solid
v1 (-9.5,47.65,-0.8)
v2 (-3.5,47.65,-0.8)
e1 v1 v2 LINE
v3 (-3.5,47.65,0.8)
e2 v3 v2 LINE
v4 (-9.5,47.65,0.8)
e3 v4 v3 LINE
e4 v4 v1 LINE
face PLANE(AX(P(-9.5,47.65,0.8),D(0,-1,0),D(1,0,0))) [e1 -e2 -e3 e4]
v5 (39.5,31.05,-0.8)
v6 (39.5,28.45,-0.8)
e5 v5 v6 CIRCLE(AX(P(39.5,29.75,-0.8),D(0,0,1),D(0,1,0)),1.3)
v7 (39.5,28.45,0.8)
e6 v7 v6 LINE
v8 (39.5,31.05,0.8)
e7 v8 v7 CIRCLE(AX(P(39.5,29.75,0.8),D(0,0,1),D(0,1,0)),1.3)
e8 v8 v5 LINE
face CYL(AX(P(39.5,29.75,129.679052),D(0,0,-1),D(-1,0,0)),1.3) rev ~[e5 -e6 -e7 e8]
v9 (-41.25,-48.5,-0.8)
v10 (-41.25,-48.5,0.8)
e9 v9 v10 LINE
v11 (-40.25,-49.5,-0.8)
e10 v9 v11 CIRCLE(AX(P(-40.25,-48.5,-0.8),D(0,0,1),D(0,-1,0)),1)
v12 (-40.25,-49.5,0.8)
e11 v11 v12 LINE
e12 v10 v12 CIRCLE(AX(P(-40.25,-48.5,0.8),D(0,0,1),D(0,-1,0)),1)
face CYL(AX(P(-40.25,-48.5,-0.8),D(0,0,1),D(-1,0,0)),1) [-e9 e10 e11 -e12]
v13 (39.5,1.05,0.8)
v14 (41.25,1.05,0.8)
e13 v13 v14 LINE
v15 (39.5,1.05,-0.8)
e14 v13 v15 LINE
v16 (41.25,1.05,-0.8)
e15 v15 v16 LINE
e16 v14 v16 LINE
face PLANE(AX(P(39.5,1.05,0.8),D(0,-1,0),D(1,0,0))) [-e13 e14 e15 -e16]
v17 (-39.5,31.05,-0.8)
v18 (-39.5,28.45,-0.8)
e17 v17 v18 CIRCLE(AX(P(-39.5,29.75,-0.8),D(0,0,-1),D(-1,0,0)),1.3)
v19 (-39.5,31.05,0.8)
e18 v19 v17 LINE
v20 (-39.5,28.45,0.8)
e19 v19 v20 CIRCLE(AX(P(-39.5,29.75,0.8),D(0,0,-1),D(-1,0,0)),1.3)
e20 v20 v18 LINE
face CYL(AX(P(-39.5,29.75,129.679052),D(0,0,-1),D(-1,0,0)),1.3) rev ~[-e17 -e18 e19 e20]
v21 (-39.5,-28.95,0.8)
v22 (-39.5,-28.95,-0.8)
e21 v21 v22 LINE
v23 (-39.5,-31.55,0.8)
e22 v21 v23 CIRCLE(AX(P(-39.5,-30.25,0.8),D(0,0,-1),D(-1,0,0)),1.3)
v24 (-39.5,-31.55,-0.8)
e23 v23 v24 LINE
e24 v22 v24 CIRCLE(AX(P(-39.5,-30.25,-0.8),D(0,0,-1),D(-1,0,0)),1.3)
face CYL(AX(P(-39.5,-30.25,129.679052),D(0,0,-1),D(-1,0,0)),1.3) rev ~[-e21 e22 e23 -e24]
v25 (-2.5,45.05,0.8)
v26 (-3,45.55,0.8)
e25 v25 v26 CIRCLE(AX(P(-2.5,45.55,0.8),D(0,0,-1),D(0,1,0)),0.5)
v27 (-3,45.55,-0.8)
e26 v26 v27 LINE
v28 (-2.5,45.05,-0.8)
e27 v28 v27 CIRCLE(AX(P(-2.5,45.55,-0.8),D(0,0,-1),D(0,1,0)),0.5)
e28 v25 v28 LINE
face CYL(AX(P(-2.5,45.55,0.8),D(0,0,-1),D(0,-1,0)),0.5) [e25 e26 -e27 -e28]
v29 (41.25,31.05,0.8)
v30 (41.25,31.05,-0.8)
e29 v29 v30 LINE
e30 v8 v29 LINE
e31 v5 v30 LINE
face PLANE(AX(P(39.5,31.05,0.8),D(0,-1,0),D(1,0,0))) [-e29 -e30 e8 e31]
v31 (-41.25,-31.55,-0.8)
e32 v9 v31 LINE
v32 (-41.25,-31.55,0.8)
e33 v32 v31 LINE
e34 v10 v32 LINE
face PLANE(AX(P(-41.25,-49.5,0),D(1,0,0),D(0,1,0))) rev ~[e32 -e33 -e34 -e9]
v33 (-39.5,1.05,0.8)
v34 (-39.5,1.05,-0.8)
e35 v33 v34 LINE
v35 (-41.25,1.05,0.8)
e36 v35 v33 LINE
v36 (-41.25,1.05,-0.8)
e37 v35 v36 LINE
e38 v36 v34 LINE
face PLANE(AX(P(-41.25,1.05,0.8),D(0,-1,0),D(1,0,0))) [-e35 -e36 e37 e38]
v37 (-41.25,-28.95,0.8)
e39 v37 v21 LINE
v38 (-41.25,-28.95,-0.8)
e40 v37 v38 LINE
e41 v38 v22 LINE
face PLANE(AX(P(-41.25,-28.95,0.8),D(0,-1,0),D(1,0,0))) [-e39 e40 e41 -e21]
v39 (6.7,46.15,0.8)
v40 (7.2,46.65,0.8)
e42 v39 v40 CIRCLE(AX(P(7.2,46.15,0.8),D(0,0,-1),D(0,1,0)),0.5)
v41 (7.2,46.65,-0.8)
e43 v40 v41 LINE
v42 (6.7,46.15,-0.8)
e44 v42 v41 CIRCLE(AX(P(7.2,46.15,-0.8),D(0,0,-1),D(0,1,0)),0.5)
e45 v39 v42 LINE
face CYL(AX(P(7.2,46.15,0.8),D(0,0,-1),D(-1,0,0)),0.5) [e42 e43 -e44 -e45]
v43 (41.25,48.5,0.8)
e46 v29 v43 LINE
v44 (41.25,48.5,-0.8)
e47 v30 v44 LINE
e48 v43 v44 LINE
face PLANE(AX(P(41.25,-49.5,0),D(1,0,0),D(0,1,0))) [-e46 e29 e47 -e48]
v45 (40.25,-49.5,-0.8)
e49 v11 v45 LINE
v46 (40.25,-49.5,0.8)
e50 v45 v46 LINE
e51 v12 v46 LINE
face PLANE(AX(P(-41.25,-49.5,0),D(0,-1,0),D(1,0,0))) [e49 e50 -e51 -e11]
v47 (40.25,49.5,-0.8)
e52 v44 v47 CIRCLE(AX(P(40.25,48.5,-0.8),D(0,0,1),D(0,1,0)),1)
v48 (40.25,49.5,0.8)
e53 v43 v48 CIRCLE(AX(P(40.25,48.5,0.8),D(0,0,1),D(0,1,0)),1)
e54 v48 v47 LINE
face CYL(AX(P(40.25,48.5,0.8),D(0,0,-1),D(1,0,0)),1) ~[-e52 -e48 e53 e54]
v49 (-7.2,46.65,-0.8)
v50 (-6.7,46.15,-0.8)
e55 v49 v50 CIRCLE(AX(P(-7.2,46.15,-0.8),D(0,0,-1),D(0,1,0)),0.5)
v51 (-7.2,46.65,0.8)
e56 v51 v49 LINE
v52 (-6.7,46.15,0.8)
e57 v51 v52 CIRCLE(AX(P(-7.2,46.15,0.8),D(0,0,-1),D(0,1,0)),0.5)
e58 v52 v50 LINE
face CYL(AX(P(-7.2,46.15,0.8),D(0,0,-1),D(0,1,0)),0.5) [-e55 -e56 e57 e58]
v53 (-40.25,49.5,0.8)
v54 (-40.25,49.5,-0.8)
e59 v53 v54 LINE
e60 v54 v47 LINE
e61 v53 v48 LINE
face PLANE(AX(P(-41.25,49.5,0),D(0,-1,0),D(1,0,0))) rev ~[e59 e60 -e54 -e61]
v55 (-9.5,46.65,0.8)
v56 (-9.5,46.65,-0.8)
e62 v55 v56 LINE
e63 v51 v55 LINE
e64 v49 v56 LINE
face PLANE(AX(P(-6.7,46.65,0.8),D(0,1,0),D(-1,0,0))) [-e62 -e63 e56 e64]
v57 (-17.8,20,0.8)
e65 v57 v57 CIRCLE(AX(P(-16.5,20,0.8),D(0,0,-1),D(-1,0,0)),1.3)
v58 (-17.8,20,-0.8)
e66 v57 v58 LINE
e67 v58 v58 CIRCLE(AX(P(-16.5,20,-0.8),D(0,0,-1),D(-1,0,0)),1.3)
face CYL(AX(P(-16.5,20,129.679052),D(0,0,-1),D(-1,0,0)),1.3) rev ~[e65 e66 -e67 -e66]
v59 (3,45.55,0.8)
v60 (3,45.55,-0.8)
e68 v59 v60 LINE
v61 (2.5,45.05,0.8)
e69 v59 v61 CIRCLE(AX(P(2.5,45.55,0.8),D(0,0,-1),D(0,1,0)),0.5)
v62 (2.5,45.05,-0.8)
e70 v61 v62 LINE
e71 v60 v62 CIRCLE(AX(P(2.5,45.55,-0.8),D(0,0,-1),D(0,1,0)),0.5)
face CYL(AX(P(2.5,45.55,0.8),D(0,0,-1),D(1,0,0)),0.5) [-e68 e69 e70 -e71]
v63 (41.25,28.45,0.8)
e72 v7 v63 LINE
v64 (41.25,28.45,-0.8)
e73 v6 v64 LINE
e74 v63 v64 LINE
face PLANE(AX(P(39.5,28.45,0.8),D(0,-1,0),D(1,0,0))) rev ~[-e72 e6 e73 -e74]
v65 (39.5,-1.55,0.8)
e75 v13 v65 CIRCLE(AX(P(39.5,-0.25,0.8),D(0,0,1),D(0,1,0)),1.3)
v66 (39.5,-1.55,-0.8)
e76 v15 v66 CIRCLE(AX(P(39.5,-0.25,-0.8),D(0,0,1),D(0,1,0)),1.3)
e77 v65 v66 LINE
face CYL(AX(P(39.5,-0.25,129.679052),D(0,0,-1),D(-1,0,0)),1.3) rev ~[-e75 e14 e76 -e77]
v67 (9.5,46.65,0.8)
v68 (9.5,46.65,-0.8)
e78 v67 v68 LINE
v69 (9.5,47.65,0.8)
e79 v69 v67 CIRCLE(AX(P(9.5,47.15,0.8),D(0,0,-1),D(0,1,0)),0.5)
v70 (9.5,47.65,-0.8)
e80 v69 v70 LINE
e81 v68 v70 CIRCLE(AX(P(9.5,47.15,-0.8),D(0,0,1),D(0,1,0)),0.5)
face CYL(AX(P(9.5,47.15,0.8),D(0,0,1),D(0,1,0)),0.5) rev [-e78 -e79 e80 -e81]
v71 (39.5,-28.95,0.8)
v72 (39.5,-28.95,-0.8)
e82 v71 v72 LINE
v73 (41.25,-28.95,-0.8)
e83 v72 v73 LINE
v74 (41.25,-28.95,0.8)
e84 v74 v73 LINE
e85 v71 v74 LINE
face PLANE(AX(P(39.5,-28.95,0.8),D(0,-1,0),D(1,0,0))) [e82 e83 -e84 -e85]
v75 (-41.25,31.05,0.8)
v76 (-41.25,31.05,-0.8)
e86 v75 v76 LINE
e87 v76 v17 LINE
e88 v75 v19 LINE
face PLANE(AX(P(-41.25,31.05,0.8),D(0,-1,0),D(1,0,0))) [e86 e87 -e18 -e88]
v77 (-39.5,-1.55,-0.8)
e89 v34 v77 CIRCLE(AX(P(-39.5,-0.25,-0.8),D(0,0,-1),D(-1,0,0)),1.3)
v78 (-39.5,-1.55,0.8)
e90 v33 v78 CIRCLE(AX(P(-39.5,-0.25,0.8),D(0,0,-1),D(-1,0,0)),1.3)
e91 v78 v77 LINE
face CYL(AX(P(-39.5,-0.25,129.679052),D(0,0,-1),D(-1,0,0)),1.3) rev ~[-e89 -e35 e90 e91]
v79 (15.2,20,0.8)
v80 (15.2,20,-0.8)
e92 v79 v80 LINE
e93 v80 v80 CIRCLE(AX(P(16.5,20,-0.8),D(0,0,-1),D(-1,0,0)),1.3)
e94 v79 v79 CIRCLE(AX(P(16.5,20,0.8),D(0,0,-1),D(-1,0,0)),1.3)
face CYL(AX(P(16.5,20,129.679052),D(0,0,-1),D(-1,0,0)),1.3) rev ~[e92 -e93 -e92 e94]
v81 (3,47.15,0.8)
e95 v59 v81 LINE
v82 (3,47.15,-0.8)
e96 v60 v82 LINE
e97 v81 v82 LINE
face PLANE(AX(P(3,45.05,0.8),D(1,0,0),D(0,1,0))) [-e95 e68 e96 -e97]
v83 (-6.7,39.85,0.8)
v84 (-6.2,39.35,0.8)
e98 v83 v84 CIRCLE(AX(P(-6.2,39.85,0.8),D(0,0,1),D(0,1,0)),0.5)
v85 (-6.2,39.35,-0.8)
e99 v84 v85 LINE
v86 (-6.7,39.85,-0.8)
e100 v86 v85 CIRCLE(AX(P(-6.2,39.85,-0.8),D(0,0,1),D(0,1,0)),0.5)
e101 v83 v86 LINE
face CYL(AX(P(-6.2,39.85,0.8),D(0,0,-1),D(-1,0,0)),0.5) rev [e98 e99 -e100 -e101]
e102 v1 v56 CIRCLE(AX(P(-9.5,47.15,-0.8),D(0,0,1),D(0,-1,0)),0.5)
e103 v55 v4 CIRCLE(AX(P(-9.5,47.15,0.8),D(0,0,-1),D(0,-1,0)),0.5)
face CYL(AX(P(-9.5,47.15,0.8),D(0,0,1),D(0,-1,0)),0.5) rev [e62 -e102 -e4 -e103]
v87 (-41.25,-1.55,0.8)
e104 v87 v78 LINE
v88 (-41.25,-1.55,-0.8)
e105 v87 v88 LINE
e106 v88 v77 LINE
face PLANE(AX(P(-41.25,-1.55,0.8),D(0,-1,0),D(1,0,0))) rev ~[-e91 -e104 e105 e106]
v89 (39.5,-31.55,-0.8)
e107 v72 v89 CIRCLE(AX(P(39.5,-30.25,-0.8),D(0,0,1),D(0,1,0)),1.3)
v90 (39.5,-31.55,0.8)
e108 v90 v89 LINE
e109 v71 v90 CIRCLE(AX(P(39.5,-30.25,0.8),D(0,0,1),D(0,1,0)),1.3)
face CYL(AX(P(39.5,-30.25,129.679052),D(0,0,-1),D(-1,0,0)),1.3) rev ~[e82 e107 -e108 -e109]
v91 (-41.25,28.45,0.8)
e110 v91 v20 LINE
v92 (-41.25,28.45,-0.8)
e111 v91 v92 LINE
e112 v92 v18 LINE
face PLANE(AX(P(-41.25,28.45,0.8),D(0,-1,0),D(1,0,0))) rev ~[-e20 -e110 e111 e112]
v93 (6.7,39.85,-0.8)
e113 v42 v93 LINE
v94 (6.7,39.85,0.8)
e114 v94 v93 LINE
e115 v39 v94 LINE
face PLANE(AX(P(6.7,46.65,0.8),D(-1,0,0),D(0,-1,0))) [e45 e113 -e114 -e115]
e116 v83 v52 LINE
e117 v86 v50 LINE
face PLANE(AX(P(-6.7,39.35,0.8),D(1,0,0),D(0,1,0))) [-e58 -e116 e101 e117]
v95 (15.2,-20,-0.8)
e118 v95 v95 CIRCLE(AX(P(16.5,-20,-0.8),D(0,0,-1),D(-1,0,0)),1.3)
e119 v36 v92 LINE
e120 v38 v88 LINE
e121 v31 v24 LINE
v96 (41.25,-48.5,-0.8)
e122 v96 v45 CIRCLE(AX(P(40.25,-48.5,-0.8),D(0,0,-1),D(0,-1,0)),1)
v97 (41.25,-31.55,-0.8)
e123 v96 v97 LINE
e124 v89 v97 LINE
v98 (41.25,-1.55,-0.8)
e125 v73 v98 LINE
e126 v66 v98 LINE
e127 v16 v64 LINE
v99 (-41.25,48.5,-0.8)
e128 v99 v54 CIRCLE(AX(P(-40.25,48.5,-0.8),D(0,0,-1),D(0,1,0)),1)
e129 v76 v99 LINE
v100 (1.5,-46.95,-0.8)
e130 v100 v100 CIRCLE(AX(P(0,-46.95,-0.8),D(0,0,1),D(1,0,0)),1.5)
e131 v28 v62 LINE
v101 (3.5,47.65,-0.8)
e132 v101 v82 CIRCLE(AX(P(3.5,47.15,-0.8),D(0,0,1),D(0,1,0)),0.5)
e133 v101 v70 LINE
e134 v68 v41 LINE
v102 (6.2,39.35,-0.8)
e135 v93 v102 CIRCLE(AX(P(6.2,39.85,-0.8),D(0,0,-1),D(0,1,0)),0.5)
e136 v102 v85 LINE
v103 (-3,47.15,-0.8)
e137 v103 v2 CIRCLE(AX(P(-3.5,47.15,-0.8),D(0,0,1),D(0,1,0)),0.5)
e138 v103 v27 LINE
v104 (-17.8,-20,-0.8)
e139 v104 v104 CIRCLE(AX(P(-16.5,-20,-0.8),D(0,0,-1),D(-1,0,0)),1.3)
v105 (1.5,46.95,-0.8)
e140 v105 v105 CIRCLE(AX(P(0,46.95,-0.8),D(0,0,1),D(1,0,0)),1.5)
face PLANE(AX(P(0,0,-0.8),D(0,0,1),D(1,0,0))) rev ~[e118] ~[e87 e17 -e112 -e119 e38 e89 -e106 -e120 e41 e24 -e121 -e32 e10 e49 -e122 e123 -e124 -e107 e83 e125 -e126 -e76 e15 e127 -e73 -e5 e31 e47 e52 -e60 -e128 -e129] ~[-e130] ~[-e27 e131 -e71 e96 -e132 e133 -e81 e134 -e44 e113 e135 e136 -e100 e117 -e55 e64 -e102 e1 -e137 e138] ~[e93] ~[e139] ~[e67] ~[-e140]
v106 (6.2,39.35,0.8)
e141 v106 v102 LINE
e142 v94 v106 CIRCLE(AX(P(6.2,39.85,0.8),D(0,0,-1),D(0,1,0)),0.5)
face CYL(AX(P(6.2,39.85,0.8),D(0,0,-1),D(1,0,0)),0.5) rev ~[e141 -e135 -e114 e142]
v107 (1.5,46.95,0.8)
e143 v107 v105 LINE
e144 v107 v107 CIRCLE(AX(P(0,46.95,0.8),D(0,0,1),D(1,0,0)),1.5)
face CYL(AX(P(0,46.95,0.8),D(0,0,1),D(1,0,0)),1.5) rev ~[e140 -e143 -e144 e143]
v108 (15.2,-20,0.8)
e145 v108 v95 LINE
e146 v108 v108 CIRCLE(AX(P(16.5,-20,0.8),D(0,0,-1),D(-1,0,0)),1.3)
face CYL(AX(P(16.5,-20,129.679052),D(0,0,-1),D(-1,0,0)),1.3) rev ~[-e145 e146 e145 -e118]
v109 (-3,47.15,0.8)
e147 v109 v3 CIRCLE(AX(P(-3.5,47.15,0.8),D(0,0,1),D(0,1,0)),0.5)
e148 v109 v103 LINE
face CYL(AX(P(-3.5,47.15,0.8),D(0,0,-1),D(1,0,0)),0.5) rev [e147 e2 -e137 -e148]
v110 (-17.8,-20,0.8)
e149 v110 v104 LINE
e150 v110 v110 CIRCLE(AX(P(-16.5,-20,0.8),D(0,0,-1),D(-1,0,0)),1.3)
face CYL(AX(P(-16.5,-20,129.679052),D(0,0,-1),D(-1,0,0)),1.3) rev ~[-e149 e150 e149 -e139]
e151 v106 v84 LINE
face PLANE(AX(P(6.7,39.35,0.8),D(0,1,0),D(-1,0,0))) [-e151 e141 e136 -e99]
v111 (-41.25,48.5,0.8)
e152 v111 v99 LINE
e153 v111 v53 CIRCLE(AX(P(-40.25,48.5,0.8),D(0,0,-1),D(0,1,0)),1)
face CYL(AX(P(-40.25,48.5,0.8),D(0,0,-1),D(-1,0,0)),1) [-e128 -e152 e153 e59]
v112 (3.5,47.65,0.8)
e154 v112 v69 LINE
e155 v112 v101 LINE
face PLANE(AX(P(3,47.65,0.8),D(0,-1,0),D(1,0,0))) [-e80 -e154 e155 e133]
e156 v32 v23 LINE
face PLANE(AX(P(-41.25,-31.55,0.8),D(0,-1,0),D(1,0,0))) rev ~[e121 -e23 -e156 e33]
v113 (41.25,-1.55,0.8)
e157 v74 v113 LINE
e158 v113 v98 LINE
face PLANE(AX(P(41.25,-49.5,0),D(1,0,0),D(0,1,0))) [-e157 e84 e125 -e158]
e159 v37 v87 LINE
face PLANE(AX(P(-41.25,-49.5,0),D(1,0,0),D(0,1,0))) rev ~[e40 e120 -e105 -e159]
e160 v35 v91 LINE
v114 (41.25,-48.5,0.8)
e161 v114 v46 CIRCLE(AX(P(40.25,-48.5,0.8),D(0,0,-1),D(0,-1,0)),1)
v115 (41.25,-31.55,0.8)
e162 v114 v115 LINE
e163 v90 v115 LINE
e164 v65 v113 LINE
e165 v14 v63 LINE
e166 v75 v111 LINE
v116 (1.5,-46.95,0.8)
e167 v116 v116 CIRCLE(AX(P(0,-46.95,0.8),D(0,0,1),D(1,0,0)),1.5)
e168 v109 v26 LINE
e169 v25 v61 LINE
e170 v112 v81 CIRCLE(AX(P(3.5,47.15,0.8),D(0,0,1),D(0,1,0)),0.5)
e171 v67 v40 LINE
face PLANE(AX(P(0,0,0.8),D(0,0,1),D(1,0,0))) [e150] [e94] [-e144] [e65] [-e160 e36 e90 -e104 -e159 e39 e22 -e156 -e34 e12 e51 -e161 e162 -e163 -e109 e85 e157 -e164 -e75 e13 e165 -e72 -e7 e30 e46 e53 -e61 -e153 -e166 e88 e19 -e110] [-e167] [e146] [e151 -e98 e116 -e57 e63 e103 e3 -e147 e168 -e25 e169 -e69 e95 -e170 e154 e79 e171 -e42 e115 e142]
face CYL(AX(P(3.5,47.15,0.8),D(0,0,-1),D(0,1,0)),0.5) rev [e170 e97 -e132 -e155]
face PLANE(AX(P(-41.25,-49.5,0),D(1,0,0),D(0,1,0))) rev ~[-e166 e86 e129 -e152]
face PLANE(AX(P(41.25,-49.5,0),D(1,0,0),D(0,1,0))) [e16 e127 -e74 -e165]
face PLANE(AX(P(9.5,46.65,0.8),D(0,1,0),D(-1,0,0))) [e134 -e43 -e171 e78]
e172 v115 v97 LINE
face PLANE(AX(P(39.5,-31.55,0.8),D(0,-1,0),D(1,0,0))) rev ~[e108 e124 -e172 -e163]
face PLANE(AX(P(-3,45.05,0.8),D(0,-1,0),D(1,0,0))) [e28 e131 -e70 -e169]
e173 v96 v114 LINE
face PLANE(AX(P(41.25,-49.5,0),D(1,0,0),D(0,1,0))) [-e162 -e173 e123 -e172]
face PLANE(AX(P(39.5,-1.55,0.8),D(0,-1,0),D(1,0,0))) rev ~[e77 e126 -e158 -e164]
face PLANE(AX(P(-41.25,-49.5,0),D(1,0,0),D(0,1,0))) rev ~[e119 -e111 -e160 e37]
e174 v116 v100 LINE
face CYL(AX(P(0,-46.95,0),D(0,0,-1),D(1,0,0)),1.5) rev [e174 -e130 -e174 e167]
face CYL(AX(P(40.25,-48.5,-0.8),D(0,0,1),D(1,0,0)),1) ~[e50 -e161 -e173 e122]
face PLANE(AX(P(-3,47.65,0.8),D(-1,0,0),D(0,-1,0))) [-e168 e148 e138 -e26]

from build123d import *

# Parameters (mm, degrees)
SKETCH2_W            = 82.5
SKETCH2_H            = 99
SKETCH2_R            = 0.8
SKETCH2_R_2          = 1.5
PCB_EXTRUDE_DEPTH    = 0.8
CORNER_FILLETS_R     = 1
SKETCH4_R            = 1.5
SOLAR_HOLES_DEPTH    = 65.454421881
SOLAR_HOLE_FILLETS_R = 0.5
M2_CLEARANCE_HOLES_D = 2.6
SKETCH10_W           = 1.75
SKETCH10_H           = 2.6
CUT_EXTRUDE2_DEPTH   = 65.454421881


with BuildPart() as part:
    # Sketch2 → pcb extrude (new, symmetric)
    with BuildSketch(Plane.XY):
        Rectangle(SKETCH2_W, SKETCH2_H)
        with Locations((0, 46.95)):
            Circle(SKETCH2_R, mode=Mode.SUBTRACT)
        with Locations((-39.5, -30.25)):
            Circle(SKETCH2_R, mode=Mode.SUBTRACT)
        with Locations((-39.5, -0.25)):
            Circle(SKETCH2_R, mode=Mode.SUBTRACT)
        with Locations((-39.5, 29.75)):
            Circle(SKETCH2_R, mode=Mode.SUBTRACT)
        with Locations((39.5, -30.25)):
            Circle(SKETCH2_R, mode=Mode.SUBTRACT)
        with Locations((39.5, -0.25)):
            Circle(SKETCH2_R, mode=Mode.SUBTRACT)
        with Locations((39.5, 29.75)):
            Circle(SKETCH2_R, mode=Mode.SUBTRACT)
        with Locations((0, -46.95)):
            Circle(SKETCH2_R_2, mode=Mode.SUBTRACT)
        with Locations((-16.5, 20)):
            Circle(SKETCH2_R, mode=Mode.SUBTRACT)
        with Locations((16.5, 20)):
            Circle(SKETCH2_R, mode=Mode.SUBTRACT)
        with Locations((-16.5, -20)):
            Circle(SKETCH2_R, mode=Mode.SUBTRACT)
        with Locations((16.5, -20)):
            Circle(SKETCH2_R, mode=Mode.SUBTRACT)
    extrude(amount=PCB_EXTRUDE_DEPTH, both=True)

    # corner fillets
    corner_fillets_edges = [part.edges().sort_by_distance(p)[0] for p in [
        (41.25, 49.5, 0),
        (41.25, -49.5, 0),
        (-41.25, -49.5, 0),
        (-41.25, 49.5, 0),
    ]]
    fillet(corner_fillets_edges, radius=CORNER_FILLETS_R)

    # Sketch4 → solar holes (cut, through all)
    with BuildSketch(Plane.XY.offset(0.8)):
        with Locations((0, 46.95)):
            Circle(SKETCH4_R)
        with BuildLine():
            Line((6.7, 39.35), (-6.7, 39.35))
            Line((-6.7, 39.35), (-6.7, 46.65))
            Line((-6.7, 46.65), (-9.5, 46.65))
            ThreePointArc((-9.5, 46.65), (-10, 47.15), (-9.5, 47.65))
            Line((-9.5, 47.65), (-3, 47.65))
            Line((-3, 47.65), (-3, 45.05))
            Line((-3, 45.05), (3, 45.05))
            Line((3, 45.05), (3, 47.65))
            Line((3, 47.65), (9.5, 47.65))
            ThreePointArc((9.5, 47.65), (10, 47.15), (9.5, 46.65))
            Line((9.5, 46.65), (6.7, 46.65))
            Line((6.7, 46.65), (6.7, 39.35))
        make_face()
    extrude(amount=-SOLAR_HOLES_DEPTH, mode=Mode.SUBTRACT)

    # solar hole fillets
    solar_hole_fillets_edges = [part.edges().sort_by_distance(p)[0] for p in [
        (-6.7, 39.35, 0),
        (-6.7, 46.65, 0),
        (-3, 47.65, 0),
        (-3, 45.05, 0),
        (3, 45.05, 0),
        (3, 47.65, 0),
        (6.7, 46.65, 0),
        (6.7, 39.35, 0),
    ]]
    fillet(solar_hole_fillets_edges, radius=SOLAR_HOLE_FILLETS_R)

    # M2 Clearance Holes (through all)
    with Locations(Plane.XY.offset(0.8)):
        with Locations((-39.5, 29.75), (-39.5, -0.25), (-16.5, 20), (16.5, 20), (16.5, -20), (-16.5, -20), (39.5, 29.75), (39.5, -0.25), (39.5, -30.25), (-39.5, -30.25)):
            Hole(M2_CLEARANCE_HOLES_D / 2)

    # Sketch10 → Cut-Extrude2 (cut, through all)
    with BuildSketch(Plane.XY.offset(0.8)):
        with Locations((-40.375, 29.75)):
            Rectangle(SKETCH10_W, SKETCH10_H)
        with Locations((-40.375, -0.25)):
            Rectangle(SKETCH10_W, SKETCH10_H)
        with Locations((-40.375, -30.25)):
            Rectangle(SKETCH10_W, SKETCH10_H)
        with Locations((40.375, -30.25)):
            Rectangle(SKETCH10_W, SKETCH10_H)
        with Locations((40.375, -0.25)):
            Rectangle(SKETCH10_W, SKETCH10_H)
        with Locations((40.375, 29.75)):
            Rectangle(SKETCH10_W, SKETCH10_H)
    extrude(amount=-CUT_EXTRUDE2_DEPTH, mode=Mode.SUBTRACT)


solid = part.part
